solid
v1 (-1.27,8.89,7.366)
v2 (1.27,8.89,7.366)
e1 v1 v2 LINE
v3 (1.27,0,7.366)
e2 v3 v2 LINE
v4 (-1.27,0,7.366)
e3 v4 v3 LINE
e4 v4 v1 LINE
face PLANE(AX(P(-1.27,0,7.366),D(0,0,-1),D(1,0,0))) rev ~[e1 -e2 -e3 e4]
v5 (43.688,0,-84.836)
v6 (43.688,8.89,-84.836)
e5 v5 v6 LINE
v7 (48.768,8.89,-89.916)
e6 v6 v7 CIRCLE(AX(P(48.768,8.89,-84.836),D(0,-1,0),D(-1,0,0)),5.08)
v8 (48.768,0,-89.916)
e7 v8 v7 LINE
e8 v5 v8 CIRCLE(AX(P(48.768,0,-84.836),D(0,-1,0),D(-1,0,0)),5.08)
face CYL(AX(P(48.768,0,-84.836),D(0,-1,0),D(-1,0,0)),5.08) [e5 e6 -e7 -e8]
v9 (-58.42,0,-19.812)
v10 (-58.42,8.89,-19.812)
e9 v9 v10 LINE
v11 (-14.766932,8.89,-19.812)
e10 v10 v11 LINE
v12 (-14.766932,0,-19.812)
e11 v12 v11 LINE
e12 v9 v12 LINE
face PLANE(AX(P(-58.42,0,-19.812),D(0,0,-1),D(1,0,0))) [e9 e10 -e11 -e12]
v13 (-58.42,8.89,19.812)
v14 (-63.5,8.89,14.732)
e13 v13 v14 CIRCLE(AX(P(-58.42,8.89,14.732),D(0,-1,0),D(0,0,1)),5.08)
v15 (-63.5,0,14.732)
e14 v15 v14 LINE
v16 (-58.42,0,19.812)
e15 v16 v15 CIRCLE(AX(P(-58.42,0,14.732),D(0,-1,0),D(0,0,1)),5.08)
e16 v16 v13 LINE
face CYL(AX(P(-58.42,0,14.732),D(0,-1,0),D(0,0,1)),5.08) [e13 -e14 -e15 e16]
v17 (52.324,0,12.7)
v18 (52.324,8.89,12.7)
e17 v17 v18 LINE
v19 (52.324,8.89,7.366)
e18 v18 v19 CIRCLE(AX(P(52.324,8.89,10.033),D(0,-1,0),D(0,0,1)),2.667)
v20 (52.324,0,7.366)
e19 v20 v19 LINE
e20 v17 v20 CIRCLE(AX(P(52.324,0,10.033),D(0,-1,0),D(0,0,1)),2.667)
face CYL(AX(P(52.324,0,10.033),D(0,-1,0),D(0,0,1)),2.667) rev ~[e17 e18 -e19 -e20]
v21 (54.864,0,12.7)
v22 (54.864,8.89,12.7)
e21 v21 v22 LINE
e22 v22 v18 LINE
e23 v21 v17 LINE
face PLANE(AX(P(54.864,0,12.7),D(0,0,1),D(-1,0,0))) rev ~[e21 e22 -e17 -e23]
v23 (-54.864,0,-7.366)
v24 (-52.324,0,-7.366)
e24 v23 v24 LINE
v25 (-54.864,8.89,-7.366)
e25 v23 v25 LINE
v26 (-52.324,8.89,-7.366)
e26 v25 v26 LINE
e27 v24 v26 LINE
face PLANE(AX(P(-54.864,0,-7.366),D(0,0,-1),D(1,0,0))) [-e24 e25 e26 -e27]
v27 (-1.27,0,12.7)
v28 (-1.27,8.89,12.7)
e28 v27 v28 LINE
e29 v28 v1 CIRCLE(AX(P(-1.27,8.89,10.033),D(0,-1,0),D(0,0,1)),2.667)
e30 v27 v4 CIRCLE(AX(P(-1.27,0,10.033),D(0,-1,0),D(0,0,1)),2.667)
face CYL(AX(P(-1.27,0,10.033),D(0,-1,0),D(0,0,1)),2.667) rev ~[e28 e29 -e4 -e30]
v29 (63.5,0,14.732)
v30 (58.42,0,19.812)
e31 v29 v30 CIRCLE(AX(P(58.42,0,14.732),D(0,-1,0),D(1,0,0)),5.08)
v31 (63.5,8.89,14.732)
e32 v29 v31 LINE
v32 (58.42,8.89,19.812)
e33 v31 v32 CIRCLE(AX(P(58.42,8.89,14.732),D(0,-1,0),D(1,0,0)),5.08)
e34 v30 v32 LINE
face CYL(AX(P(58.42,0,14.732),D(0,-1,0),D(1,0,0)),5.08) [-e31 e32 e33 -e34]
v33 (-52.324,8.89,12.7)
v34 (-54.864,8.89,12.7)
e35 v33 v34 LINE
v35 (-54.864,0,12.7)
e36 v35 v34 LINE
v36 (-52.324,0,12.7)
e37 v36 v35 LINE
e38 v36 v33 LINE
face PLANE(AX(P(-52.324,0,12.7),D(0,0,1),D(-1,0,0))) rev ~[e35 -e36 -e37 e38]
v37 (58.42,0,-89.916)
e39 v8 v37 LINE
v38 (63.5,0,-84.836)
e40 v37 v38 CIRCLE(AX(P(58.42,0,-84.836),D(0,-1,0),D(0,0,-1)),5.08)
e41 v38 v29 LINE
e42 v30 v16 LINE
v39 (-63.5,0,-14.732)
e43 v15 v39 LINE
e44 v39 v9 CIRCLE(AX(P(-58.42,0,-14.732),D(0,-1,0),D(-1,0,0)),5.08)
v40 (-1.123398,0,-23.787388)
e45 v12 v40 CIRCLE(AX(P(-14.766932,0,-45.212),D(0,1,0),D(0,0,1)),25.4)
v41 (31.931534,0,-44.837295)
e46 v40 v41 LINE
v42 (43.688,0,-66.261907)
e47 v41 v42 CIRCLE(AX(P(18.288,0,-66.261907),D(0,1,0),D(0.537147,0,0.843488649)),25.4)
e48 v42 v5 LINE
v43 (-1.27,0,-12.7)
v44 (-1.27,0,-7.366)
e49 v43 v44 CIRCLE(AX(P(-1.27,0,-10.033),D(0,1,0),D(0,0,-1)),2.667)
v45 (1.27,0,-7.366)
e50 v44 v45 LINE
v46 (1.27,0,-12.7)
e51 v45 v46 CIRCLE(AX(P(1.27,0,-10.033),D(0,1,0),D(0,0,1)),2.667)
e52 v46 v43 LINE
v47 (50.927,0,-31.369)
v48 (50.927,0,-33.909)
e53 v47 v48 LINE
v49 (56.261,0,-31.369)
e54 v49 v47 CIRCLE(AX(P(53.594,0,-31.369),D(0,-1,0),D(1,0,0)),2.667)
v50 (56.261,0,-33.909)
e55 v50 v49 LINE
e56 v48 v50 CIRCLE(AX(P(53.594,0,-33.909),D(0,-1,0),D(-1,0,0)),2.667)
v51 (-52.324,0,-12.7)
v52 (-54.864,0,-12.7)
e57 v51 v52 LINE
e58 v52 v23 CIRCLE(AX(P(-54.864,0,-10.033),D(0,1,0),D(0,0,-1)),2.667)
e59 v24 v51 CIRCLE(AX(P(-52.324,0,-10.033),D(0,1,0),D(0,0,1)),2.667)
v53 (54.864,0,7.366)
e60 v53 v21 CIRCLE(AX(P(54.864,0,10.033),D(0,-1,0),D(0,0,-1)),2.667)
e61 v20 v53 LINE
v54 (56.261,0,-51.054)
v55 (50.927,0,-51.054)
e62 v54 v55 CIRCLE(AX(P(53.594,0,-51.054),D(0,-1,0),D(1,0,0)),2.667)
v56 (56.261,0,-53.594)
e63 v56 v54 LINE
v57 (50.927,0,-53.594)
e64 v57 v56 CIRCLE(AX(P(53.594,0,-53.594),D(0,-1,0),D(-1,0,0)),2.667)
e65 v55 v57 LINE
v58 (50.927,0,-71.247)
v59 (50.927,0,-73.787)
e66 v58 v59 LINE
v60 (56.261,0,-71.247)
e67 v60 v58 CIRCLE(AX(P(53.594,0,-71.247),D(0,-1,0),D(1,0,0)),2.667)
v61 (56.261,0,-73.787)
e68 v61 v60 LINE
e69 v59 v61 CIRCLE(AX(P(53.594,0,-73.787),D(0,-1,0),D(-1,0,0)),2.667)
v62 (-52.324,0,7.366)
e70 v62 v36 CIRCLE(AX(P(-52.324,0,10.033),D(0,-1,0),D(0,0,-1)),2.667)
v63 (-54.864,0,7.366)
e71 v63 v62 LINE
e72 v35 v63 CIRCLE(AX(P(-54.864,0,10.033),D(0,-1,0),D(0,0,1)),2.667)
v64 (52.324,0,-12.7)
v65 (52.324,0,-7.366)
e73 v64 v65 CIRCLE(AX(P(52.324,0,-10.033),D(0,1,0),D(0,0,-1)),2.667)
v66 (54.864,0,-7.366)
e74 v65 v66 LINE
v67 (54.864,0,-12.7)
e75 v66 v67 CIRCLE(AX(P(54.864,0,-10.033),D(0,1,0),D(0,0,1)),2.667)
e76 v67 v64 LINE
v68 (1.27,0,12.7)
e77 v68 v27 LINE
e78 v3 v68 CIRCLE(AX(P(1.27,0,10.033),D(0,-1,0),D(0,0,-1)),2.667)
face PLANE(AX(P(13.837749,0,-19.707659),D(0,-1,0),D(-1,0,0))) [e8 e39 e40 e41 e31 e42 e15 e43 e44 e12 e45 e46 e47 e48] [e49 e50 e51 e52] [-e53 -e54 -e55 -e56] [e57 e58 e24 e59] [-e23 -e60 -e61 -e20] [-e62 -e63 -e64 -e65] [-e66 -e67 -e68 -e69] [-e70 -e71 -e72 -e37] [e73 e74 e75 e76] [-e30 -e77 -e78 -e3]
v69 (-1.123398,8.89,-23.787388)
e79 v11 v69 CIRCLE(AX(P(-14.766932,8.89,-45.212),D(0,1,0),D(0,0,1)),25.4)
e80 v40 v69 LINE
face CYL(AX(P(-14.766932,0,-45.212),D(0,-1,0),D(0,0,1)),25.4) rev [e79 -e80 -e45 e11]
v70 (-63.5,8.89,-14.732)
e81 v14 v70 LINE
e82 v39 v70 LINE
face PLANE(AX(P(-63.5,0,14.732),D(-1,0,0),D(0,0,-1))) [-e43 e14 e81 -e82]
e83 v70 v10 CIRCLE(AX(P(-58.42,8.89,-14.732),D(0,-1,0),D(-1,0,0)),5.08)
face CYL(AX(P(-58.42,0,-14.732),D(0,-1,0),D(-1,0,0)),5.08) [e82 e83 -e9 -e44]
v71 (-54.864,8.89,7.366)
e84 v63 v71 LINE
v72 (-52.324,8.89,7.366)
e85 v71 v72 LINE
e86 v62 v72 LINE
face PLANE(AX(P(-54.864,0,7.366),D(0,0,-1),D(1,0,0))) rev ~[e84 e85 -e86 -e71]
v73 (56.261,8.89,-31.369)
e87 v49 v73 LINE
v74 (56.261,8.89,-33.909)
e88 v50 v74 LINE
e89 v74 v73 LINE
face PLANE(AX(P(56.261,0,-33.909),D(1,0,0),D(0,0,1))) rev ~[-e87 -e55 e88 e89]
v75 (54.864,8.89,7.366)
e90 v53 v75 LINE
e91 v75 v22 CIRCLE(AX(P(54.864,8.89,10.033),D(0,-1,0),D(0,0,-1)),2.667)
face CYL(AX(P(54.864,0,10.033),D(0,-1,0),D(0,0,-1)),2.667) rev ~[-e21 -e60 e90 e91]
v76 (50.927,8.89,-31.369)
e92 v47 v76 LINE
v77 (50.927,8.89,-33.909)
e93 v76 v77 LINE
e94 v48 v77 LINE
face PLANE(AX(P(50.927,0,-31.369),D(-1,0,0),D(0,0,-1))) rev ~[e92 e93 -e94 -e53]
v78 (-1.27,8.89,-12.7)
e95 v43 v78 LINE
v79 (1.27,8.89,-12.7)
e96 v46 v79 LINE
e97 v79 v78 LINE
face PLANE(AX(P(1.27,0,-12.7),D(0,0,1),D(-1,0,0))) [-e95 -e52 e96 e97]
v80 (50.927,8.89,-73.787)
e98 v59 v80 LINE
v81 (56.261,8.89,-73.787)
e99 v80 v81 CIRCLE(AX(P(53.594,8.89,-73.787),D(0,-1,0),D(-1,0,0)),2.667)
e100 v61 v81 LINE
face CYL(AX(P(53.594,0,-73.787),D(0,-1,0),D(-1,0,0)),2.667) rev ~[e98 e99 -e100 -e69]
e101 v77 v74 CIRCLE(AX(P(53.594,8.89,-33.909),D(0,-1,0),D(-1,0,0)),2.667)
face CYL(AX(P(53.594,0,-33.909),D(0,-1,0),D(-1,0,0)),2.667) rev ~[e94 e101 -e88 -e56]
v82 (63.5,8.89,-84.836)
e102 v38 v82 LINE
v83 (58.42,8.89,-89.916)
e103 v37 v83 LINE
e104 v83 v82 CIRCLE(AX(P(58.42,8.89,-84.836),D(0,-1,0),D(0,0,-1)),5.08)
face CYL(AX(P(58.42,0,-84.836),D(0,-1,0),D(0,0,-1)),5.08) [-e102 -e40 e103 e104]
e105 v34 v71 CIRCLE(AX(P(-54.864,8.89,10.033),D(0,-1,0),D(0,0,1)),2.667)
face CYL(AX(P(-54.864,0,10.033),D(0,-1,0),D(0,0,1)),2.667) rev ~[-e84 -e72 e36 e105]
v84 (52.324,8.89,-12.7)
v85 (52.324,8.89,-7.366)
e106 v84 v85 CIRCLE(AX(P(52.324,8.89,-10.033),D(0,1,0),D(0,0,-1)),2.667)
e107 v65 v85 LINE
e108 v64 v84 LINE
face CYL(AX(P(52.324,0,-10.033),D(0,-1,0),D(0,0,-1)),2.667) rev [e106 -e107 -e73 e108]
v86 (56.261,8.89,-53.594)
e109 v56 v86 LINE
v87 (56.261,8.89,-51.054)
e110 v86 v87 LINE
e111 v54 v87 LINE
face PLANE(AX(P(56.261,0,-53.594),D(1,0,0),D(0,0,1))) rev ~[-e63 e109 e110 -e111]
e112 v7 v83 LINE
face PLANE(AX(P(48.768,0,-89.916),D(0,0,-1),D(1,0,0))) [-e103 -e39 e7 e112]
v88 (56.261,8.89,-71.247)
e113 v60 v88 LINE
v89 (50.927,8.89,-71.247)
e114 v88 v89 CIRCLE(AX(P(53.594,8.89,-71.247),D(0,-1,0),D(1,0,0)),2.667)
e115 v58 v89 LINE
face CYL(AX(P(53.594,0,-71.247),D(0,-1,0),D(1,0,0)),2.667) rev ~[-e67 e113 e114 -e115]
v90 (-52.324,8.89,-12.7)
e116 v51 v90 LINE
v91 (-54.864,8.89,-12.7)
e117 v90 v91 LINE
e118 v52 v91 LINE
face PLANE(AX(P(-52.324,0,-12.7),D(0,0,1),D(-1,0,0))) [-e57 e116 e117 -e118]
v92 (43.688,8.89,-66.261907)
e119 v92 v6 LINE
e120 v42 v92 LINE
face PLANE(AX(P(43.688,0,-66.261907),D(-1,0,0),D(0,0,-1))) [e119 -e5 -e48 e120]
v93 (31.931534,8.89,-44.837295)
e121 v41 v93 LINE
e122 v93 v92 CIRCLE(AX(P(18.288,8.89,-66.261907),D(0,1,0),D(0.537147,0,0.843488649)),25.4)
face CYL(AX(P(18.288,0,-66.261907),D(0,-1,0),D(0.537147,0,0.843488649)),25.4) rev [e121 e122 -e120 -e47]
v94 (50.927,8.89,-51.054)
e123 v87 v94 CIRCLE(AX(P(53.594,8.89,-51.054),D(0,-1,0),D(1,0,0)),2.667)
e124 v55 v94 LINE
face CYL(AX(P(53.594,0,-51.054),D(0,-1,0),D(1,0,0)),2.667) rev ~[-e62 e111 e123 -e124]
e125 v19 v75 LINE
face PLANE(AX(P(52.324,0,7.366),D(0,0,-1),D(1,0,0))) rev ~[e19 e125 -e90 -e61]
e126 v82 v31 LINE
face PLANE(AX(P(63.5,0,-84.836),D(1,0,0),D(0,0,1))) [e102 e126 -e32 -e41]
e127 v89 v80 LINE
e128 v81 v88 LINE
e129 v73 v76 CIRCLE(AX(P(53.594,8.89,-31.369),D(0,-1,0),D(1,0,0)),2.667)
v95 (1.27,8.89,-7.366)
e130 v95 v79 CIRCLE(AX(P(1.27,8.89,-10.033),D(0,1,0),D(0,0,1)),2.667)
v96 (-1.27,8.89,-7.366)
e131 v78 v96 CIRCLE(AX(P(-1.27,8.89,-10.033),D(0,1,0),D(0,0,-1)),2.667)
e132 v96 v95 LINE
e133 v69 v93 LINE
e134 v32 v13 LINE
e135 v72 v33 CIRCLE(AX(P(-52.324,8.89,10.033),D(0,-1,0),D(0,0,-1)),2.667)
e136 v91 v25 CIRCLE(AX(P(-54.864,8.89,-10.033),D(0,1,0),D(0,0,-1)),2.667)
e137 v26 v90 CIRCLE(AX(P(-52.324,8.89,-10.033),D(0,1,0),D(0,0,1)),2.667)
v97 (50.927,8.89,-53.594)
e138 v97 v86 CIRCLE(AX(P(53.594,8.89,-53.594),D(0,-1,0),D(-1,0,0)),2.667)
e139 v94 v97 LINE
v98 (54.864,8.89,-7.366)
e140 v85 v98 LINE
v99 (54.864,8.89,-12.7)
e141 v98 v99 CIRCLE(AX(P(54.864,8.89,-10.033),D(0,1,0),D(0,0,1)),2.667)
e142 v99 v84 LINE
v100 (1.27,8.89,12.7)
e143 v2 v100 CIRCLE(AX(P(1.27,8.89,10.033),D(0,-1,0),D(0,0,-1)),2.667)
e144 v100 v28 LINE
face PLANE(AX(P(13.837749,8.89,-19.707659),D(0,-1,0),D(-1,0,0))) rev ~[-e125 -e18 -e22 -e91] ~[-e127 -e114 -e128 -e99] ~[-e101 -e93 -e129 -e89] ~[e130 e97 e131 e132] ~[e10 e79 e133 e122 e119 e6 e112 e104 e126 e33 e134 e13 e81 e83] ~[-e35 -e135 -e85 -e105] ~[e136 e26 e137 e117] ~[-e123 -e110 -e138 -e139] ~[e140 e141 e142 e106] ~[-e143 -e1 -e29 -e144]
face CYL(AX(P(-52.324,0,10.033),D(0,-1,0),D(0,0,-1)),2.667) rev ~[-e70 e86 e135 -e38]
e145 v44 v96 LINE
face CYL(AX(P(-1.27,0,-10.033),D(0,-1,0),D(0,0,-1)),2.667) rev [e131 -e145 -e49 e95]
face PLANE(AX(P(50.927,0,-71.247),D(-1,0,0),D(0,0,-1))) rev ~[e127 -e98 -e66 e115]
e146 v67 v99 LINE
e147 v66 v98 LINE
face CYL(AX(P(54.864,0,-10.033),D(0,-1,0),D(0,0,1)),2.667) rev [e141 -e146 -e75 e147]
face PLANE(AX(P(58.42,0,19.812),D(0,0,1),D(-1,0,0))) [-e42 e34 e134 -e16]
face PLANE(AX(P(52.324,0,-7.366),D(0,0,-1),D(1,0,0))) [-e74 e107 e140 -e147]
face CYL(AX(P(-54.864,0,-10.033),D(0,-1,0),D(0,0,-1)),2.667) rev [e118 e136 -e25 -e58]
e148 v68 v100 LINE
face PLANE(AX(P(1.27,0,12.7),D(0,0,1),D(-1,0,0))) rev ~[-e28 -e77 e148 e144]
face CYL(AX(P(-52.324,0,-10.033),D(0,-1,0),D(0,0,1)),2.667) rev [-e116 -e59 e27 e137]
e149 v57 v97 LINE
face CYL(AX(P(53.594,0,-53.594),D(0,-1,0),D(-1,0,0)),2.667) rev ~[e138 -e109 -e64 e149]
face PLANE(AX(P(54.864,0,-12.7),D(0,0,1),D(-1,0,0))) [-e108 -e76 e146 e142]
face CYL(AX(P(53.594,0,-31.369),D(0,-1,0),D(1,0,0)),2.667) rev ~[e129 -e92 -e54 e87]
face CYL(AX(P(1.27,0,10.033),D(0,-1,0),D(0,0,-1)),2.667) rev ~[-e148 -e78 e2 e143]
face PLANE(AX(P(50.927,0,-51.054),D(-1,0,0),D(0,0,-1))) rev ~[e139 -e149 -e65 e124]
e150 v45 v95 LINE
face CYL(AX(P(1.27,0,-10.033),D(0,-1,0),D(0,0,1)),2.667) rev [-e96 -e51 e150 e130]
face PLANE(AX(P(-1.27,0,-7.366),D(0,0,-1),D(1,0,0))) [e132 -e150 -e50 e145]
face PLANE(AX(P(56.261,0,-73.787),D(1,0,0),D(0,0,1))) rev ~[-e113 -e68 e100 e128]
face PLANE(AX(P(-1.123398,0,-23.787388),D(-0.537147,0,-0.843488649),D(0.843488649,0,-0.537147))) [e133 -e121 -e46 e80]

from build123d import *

# Parameters (mm, degrees)
BOSS_EXTRUDE2_DEPTH = 8.89


with BuildPart() as part:
    # Sketch1 → Boss-Extrude2 (new body)
    with BuildSketch(Plane(origin=(0, 0, 0), x_dir=(1, 0, 0), z_dir=(0, 1, 0))):
        with BuildLine():
            Line((58.42, -19.812), (-58.42, -19.812))
            ThreePointArc((-58.42, -19.812), (-62.012102448, -18.324102448), (-63.5, -14.732))
            Line((-63.5, -14.732), (-63.5, 14.732))
            ThreePointArc((-63.5, 14.732), (-62.012102448, 18.324102448), (-58.42, 19.812))
            Line((-58.42, 19.812), (-14.766931822, 19.812))
            ThreePointArc((-14.766931822, 19.812), (-7.661480975, 20.826090785), (-1.123398019, 23.787388326))
            Line((-1.123398019, 23.787388326), (31.931533802, 44.837295158))
            ThreePointArc((31.931533802, 44.837295158), (40.555754249, 54.042777538), (43.688, 66.261906832))
            Line((43.688, 66.261906832), (43.688, 84.836))
            ThreePointArc((43.688, 84.836), (45.175897552, 88.428102448), (48.768, 89.916))
            Line((48.768, 89.916), (58.42, 89.916))
            ThreePointArc((58.42, 89.916), (62.012102448, 88.428102448), (63.5, 84.836))
            Line((63.5, 84.836), (63.5, 14.732))
            Line((63.5, 14.732), (63.5, -14.732))
            ThreePointArc((63.5, -14.732), (62.012102448, -18.324102448), (58.42, -19.812))
        make_face()
        with BuildLine():
            Line((56.261, 73.787), (56.261, 71.247))
            ThreePointArc((56.261, 71.247), (53.594, 68.58), (50.927, 71.247))
            Line((50.927, 71.247), (50.927, 73.787))
            ThreePointArc((50.927, 73.787), (53.594, 76.454), (56.261, 73.787))
        make_face(mode=Mode.SUBTRACT)
        with BuildLine():
            Line((50.927, 51.054), (50.927, 53.594))
            ThreePointArc((50.927, 53.594), (53.594, 56.261), (56.261, 53.594))
            Line((56.261, 53.594), (56.261, 51.054))
            ThreePointArc((56.261, 51.054), (53.594, 48.387), (50.927, 51.054))
        make_face(mode=Mode.SUBTRACT)
        with BuildLine():
            Line((50.927, 31.369), (50.927, 33.909))
            ThreePointArc((50.927, 33.909), (53.594, 36.576), (56.261, 33.909))
            Line((56.261, 33.909), (56.261, 31.369))
            ThreePointArc((56.261, 31.369), (53.594, 28.702), (50.927, 31.369))
        make_face(mode=Mode.SUBTRACT)
        with BuildLine():
            Line((-54.864, -7.366), (-52.324, -7.366))
            ThreePointArc((-52.324, -7.366), (-49.657, -10.033), (-52.324, -12.7))
            Line((-52.324, -12.7), (-54.864, -12.7))
            ThreePointArc((-54.864, -12.7), (-57.531, -10.033), (-54.864, -7.366))
        make_face(mode=Mode.SUBTRACT)
        with BuildLine():
            Line((54.864, -12.7), (52.324, -12.7))
            ThreePointArc((52.324, -12.7), (49.657, -10.033), (52.324, -7.366))
            Line((52.324, -7.366), (54.864, -7.366))
            ThreePointArc((54.864, -7.366), (57.531, -10.033), (54.864, -12.7))
        make_face(mode=Mode.SUBTRACT)
        with BuildLine():
            Line((-1.27, -7.366), (1.27, -7.366))
            ThreePointArc((1.27, -7.366), (3.937, -10.033), (1.27, -12.7))
            Line((1.27, -12.7), (-1.27, -12.7))
            ThreePointArc((-1.27, -12.7), (-3.937, -10.033), (-1.27, -7.366))
        make_face(mode=Mode.SUBTRACT)
        with BuildLine():
            Line((-54.864, 7.366), (-52.324, 7.366))
            ThreePointArc((-52.324, 7.366), (-49.657, 10.033), (-52.324, 12.7))
            Line((-52.324, 12.7), (-54.864, 12.7))
            ThreePointArc((-54.864, 12.7), (-57.531, 10.033), (-54.864, 7.366))
        make_face(mode=Mode.SUBTRACT)
        with BuildLine():
            Line((54.864, 12.7), (52.324, 12.7))
            ThreePointArc((52.324, 12.7), (49.657, 10.033), (52.324, 7.366))
            Line((52.324, 7.366), (54.864, 7.366))
            ThreePointArc((54.864, 7.366), (57.531, 10.033), (54.864, 12.7))
        make_face(mode=Mode.SUBTRACT)
        with BuildLine():
            Line((-1.27, 7.366), (1.27, 7.366))
            ThreePointArc((1.27, 7.366), (3.937, 10.033), (1.27, 12.7))
            Line((1.27, 12.7), (-1.27, 12.7))
            ThreePointArc((-1.27, 12.7), (-3.937, 10.033), (-1.27, 7.366))
        make_face(mode=Mode.SUBTRACT)
    extrude(amount=BOSS_EXTRUDE2_DEPTH)


solid = part.part
